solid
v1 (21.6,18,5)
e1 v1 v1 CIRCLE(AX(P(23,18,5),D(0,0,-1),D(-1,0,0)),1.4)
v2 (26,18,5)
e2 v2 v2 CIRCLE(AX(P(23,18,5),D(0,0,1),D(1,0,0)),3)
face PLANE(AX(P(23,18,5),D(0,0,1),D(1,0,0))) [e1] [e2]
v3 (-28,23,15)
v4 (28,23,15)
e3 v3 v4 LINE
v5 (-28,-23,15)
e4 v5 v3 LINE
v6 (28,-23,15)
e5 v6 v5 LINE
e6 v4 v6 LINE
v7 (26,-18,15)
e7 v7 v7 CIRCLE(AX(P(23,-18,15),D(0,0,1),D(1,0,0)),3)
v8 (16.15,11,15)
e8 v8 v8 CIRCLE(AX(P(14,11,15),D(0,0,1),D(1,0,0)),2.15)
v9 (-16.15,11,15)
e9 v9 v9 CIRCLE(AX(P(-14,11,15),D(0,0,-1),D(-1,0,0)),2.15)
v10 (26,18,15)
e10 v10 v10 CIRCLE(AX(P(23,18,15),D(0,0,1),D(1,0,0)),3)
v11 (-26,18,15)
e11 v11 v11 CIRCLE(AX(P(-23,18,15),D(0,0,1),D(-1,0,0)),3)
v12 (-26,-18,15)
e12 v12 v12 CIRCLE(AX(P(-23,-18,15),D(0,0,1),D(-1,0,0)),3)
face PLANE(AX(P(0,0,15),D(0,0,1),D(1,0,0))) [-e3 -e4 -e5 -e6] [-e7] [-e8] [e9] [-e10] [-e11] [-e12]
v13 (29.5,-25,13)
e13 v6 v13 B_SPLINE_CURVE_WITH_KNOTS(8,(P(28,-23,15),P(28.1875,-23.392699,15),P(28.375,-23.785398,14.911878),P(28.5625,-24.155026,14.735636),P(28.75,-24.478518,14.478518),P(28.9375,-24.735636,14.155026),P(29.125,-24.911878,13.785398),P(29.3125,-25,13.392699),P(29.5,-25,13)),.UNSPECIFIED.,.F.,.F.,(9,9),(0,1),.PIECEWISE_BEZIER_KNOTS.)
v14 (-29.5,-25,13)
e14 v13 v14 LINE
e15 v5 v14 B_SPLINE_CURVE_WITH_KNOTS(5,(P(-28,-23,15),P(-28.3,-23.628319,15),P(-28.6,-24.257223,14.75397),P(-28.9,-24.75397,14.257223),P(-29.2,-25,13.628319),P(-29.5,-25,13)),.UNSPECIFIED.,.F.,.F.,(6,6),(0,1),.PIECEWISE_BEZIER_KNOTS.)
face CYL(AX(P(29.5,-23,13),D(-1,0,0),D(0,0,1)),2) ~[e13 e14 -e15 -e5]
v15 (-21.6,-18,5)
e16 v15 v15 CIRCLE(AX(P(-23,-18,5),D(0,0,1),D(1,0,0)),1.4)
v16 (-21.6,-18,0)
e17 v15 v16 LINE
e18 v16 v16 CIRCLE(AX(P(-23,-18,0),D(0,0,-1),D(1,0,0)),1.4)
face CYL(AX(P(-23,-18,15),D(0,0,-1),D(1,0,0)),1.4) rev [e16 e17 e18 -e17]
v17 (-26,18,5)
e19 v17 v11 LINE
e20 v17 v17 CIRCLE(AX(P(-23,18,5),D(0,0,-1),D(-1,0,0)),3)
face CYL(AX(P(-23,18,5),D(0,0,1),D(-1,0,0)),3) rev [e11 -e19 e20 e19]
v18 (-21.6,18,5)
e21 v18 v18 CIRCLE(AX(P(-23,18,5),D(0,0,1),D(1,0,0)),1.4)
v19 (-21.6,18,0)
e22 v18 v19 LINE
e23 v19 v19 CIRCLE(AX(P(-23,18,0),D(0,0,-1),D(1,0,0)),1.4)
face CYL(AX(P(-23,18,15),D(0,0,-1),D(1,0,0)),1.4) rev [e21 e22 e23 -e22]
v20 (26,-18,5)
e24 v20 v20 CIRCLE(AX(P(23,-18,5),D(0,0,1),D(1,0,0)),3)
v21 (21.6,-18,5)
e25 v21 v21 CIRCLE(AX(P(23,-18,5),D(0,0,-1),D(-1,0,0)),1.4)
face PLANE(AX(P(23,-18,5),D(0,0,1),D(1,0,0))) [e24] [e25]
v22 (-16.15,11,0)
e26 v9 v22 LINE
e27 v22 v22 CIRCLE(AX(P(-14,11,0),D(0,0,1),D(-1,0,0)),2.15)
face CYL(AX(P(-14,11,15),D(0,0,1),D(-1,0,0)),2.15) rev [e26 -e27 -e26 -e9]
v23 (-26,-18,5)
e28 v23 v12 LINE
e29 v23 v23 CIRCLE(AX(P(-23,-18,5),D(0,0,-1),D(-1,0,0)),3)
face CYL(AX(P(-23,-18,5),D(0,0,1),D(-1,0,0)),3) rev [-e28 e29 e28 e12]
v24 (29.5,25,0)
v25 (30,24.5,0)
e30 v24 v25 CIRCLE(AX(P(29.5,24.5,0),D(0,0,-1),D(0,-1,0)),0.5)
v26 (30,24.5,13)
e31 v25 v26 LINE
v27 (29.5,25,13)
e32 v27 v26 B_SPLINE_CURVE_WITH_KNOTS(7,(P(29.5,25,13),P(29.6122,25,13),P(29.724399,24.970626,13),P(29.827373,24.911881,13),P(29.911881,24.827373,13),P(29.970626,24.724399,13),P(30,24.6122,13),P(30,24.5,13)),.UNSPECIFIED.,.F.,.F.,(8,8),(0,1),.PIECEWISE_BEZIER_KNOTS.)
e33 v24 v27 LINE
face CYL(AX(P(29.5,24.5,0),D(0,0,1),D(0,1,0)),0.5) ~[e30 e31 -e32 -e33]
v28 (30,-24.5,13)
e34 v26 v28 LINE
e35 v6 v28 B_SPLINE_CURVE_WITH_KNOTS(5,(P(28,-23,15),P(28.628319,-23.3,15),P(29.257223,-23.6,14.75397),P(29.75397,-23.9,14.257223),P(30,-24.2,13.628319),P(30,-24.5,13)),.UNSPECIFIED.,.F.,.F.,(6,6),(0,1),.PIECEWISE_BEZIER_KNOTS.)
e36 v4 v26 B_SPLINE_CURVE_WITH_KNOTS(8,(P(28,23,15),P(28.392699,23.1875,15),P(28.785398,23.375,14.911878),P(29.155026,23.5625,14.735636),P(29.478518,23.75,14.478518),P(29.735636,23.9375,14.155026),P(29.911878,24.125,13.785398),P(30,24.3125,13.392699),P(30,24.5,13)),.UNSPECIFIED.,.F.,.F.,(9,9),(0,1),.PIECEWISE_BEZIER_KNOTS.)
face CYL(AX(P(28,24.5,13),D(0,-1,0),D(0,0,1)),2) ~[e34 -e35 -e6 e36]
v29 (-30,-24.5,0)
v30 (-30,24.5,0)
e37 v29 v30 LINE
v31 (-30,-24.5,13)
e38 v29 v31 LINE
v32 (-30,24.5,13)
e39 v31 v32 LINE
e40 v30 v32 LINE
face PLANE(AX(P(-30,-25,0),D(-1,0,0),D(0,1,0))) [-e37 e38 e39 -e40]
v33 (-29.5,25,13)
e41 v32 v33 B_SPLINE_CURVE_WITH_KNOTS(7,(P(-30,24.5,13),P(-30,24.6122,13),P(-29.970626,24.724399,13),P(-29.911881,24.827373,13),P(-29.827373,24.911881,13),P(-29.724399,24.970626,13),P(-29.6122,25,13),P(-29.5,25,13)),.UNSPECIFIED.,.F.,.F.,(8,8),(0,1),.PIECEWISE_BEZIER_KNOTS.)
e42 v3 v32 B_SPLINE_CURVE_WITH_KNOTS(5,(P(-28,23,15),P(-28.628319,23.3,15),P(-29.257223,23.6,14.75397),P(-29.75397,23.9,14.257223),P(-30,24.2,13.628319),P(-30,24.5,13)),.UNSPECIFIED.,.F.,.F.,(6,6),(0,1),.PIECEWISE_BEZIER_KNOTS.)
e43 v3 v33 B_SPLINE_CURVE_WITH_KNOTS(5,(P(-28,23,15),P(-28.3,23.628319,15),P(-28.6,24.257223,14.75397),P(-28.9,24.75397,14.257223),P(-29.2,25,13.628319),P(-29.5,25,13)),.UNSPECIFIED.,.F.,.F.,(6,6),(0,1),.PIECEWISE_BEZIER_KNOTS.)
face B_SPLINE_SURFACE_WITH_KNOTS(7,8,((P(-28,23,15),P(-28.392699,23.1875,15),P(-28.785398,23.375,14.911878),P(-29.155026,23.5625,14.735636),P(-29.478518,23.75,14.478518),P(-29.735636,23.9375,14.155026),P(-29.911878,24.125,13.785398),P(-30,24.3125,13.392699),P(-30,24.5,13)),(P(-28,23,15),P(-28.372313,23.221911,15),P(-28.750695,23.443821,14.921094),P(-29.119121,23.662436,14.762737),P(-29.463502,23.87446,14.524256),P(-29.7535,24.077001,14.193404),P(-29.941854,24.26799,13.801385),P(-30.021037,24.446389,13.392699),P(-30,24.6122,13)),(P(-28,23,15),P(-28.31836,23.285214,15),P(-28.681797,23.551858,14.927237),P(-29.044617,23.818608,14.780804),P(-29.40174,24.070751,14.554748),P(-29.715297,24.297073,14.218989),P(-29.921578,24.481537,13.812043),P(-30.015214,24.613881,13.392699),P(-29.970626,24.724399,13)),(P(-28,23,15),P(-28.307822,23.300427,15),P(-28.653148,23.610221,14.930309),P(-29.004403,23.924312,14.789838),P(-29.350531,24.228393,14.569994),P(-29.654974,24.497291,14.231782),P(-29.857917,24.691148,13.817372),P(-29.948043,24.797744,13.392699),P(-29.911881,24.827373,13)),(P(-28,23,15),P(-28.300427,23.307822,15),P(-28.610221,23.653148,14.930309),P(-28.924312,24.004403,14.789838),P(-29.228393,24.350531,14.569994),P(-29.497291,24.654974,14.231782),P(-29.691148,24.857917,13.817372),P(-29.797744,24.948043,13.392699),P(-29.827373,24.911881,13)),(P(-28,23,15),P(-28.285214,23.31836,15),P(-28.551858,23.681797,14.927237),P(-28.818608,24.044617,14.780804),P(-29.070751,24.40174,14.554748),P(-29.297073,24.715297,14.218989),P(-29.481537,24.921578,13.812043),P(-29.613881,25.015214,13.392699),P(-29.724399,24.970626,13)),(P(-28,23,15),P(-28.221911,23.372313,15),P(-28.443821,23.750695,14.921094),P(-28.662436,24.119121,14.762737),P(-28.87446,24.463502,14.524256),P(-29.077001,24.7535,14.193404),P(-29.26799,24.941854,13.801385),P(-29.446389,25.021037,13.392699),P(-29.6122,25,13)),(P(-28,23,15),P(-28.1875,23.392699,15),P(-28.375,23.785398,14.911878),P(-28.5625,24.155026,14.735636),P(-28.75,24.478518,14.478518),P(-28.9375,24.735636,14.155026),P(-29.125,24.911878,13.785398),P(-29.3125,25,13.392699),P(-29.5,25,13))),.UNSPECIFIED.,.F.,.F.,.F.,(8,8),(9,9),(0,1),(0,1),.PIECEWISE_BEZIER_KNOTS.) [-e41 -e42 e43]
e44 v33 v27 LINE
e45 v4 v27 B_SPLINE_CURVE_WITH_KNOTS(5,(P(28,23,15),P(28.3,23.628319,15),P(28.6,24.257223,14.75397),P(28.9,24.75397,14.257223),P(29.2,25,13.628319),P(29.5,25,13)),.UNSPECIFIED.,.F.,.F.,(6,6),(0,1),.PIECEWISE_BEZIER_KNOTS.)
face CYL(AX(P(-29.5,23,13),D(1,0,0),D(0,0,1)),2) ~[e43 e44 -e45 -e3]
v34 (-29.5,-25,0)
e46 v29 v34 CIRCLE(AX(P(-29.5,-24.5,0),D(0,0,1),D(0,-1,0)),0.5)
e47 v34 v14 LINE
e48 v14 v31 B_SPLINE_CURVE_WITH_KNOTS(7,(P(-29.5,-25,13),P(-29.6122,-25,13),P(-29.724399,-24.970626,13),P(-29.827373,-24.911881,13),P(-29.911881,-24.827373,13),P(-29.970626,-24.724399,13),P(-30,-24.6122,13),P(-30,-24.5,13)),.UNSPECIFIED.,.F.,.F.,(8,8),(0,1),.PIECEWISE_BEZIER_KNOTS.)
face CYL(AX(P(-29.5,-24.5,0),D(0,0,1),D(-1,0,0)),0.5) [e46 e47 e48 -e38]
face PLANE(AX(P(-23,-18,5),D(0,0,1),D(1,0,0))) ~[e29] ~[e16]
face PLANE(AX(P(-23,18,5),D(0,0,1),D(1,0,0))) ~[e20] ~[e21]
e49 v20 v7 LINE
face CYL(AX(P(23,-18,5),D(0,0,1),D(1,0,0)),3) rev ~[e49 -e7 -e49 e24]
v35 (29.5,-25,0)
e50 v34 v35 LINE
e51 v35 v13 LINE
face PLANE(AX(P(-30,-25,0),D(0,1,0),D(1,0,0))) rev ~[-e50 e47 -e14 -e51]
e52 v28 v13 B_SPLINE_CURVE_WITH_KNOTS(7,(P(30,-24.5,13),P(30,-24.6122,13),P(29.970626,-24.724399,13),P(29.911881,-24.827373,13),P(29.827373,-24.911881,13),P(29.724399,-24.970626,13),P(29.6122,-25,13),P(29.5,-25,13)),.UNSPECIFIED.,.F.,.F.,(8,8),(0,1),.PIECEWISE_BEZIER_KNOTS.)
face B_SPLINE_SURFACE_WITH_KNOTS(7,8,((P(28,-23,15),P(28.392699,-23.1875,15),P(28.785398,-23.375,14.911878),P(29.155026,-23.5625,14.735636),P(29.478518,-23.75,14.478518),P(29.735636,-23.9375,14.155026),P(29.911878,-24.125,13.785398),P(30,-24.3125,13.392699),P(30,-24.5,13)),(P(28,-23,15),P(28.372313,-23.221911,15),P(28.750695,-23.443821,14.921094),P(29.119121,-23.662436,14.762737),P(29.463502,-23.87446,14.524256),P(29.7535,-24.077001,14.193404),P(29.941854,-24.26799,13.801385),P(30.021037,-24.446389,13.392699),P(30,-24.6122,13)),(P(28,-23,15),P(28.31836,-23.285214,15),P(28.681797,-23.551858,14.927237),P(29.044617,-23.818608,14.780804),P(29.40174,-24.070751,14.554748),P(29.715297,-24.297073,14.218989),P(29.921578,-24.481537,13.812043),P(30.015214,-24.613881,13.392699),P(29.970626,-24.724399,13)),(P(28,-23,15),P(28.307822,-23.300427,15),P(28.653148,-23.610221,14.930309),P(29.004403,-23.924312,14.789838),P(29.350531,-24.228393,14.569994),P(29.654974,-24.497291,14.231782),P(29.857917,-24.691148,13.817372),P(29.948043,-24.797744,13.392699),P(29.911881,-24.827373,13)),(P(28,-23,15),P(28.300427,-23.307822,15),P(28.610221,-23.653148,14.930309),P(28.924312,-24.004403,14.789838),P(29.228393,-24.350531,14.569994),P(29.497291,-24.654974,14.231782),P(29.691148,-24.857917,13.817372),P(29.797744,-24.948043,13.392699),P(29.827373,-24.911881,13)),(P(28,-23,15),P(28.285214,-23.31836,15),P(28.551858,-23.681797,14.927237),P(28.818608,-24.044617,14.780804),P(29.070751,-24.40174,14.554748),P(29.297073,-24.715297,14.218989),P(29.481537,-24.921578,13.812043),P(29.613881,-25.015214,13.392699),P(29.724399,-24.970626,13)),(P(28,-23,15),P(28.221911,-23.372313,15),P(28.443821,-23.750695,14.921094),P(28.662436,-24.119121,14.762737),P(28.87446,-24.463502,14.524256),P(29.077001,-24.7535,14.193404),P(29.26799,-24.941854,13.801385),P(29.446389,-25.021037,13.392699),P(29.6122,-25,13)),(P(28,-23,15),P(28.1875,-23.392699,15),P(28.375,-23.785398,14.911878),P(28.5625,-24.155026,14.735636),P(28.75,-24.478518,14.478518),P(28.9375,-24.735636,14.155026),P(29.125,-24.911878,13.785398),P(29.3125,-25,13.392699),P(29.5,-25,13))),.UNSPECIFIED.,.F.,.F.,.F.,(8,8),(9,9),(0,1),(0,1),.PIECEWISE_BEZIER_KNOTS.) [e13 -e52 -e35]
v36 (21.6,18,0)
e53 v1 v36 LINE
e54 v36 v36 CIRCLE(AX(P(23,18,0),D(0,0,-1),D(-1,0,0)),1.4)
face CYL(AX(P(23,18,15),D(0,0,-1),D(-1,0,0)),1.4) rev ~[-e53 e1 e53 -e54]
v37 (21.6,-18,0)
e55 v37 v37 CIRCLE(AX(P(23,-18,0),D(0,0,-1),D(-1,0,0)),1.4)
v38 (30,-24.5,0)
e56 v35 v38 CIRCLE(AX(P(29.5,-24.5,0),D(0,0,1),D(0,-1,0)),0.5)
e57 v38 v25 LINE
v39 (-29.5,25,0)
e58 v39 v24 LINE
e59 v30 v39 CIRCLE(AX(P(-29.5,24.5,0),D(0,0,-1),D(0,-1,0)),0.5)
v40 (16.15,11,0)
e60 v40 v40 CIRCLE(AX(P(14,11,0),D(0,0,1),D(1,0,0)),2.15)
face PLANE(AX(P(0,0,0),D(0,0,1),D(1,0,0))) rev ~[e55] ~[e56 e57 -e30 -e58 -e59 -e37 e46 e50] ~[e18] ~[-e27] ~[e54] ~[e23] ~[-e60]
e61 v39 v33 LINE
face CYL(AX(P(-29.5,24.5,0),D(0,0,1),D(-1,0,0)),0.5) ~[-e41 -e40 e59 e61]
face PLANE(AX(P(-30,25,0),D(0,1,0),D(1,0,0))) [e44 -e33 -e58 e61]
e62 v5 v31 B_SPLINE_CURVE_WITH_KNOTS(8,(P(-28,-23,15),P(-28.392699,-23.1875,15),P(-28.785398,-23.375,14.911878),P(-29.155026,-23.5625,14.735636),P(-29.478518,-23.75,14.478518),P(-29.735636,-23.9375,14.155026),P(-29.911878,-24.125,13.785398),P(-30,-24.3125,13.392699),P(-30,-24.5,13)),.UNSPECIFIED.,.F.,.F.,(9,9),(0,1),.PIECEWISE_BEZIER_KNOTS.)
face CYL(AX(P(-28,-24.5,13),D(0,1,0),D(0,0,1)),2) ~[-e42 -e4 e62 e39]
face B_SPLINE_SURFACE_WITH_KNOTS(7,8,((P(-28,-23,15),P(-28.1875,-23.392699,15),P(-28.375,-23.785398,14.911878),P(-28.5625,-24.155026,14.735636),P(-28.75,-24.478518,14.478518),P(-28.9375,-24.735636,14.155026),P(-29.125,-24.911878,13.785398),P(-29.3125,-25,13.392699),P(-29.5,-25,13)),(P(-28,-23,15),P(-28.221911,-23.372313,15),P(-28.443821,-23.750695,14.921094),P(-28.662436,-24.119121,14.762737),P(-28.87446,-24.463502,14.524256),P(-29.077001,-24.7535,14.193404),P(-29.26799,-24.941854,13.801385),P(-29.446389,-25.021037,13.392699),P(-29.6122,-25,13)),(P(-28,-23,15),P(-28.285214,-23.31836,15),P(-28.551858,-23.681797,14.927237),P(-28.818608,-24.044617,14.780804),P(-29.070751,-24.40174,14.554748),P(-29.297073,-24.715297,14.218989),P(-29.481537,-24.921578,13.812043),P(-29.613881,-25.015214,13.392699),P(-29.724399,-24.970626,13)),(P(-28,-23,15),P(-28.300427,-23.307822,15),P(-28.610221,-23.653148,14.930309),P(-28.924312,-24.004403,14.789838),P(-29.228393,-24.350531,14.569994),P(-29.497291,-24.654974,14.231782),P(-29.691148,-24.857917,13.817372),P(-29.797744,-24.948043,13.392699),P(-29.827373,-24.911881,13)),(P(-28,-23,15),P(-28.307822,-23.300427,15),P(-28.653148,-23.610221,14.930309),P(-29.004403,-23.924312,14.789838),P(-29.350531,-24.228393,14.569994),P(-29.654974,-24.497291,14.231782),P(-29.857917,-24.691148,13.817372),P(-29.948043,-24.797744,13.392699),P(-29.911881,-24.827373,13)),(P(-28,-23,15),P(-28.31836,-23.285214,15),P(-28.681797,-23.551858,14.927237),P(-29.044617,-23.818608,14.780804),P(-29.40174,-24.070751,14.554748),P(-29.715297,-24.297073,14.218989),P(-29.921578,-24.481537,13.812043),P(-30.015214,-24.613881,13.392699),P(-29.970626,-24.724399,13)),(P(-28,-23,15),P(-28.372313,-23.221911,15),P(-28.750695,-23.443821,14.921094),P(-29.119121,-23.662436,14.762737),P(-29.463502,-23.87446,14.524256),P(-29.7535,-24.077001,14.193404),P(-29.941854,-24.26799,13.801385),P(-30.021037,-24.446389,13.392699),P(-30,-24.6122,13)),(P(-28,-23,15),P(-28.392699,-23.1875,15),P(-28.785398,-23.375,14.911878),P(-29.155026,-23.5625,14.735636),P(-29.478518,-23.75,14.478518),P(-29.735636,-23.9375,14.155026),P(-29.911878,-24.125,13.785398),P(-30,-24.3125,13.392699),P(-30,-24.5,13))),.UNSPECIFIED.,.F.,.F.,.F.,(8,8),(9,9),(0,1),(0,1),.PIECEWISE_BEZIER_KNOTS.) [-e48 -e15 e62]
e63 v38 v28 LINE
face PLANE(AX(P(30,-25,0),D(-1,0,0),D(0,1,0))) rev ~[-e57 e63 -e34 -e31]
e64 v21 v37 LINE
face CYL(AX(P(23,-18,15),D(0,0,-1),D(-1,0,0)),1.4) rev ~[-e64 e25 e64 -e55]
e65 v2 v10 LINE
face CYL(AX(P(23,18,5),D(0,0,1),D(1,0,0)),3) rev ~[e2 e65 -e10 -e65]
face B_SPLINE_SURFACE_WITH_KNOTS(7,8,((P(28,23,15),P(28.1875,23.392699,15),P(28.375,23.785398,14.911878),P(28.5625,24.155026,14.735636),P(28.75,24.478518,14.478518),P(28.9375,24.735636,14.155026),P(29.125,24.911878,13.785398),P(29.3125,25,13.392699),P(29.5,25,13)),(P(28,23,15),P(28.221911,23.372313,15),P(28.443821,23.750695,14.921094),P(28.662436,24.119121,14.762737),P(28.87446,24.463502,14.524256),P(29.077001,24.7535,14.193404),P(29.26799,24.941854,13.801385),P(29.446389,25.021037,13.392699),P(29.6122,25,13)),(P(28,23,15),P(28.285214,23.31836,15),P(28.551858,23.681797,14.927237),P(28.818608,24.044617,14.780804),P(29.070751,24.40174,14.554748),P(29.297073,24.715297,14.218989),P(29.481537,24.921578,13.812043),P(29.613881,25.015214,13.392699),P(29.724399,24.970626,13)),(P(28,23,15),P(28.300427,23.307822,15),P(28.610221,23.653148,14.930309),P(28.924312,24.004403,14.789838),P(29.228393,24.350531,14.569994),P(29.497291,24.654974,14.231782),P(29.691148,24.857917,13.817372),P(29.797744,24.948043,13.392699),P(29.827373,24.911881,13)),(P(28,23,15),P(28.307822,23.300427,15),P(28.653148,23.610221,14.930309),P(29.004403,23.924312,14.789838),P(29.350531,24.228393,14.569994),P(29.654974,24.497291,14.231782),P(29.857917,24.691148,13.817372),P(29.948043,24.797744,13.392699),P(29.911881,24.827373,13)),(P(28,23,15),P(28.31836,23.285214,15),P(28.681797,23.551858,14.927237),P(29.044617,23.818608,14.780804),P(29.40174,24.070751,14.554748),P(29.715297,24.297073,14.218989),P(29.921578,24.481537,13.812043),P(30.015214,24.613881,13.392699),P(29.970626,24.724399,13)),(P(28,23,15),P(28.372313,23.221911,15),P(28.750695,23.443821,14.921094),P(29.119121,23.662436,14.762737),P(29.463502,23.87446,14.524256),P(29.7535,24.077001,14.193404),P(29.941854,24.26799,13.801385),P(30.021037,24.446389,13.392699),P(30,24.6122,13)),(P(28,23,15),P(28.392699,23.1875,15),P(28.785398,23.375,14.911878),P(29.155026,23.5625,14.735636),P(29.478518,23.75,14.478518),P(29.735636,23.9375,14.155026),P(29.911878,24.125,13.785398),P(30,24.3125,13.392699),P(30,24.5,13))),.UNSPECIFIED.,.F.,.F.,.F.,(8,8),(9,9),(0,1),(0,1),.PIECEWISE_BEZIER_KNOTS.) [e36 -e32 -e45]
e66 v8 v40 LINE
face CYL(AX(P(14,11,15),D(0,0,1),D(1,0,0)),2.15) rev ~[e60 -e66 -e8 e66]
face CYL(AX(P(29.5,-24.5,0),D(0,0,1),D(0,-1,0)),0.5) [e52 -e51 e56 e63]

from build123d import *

# Parameters (mm, degrees)
SKETCH015_W         = 60
SKETCH015_H         = 50
PAD005_DEPTH        = 15
HOLE006_D           = 2.8
HOLE006_DEPTH       = 25
HOLE006_CBORE_D     = 6
HOLE006_CBORE_DEPTH = 10
SKETCH018_R         = 2.15
HOLE007_DEPTH       = 25
FILLET008_R         = 0.5
FILLET009_R         = 2


with BuildPart() as part:
    # Sketch015 → Pad005 (new body)
    with BuildSketch(Plane.XY):
        Rectangle(SKETCH015_W, SKETCH015_H)
    extrude(amount=PAD005_DEPTH)

    # Hole006
    with Locations(Plane.XY.offset(15)):
        with Locations((23, 18), (23, -18)):
            hole006 = CounterBoreHole(HOLE006_D / 2, HOLE006_CBORE_D / 2, HOLE006_CBORE_DEPTH, depth=HOLE006_DEPTH)

    # Mirrored009: Hole006 across Sketch016 V_Axis
    add(hole006.mirror(Plane(origin=(0, 0, 15), x_dir=(0, 0, 1), z_dir=(1, 0, 0))), mode=Mode.SUBTRACT)

    # Sketch018 → Hole007 (cut)
    with BuildSketch(Plane.XY.offset(15)):
        with Locations((14, 11)):
            Circle(SKETCH018_R)
    hole007 = extrude(amount=-HOLE007_DEPTH, mode=Mode.SUBTRACT)

    # Mirrored011: Hole007 across Sketch018 V_Axis
    add(hole007.mirror(Plane(origin=(0, 0, 15), x_dir=(0, 0, 1), z_dir=(1, 0, 0))), mode=Mode.SUBTRACT)

    # Fillet008
    fillet008_edges = [part.edges().sort_by_distance(p)[0] for p in [
        (-30, -25, 7.5),
        (30, -25, 7.5),
        (30, 25, 7.5),
        (-30, 25, 7.5),
    ]]
    fillet(fillet008_edges, radius=FILLET008_R)

    # Fillet009
    fillet009_edges = [part.edges().sort_by_distance(p)[0] for p in [
        (0, 25, 15),
        (-30, 0, 15),
        (30, 0, 15),
        (0, -25, 15),
    ]]
    fillet(fillet009_edges, radius=FILLET009_R)


solid = part.part
